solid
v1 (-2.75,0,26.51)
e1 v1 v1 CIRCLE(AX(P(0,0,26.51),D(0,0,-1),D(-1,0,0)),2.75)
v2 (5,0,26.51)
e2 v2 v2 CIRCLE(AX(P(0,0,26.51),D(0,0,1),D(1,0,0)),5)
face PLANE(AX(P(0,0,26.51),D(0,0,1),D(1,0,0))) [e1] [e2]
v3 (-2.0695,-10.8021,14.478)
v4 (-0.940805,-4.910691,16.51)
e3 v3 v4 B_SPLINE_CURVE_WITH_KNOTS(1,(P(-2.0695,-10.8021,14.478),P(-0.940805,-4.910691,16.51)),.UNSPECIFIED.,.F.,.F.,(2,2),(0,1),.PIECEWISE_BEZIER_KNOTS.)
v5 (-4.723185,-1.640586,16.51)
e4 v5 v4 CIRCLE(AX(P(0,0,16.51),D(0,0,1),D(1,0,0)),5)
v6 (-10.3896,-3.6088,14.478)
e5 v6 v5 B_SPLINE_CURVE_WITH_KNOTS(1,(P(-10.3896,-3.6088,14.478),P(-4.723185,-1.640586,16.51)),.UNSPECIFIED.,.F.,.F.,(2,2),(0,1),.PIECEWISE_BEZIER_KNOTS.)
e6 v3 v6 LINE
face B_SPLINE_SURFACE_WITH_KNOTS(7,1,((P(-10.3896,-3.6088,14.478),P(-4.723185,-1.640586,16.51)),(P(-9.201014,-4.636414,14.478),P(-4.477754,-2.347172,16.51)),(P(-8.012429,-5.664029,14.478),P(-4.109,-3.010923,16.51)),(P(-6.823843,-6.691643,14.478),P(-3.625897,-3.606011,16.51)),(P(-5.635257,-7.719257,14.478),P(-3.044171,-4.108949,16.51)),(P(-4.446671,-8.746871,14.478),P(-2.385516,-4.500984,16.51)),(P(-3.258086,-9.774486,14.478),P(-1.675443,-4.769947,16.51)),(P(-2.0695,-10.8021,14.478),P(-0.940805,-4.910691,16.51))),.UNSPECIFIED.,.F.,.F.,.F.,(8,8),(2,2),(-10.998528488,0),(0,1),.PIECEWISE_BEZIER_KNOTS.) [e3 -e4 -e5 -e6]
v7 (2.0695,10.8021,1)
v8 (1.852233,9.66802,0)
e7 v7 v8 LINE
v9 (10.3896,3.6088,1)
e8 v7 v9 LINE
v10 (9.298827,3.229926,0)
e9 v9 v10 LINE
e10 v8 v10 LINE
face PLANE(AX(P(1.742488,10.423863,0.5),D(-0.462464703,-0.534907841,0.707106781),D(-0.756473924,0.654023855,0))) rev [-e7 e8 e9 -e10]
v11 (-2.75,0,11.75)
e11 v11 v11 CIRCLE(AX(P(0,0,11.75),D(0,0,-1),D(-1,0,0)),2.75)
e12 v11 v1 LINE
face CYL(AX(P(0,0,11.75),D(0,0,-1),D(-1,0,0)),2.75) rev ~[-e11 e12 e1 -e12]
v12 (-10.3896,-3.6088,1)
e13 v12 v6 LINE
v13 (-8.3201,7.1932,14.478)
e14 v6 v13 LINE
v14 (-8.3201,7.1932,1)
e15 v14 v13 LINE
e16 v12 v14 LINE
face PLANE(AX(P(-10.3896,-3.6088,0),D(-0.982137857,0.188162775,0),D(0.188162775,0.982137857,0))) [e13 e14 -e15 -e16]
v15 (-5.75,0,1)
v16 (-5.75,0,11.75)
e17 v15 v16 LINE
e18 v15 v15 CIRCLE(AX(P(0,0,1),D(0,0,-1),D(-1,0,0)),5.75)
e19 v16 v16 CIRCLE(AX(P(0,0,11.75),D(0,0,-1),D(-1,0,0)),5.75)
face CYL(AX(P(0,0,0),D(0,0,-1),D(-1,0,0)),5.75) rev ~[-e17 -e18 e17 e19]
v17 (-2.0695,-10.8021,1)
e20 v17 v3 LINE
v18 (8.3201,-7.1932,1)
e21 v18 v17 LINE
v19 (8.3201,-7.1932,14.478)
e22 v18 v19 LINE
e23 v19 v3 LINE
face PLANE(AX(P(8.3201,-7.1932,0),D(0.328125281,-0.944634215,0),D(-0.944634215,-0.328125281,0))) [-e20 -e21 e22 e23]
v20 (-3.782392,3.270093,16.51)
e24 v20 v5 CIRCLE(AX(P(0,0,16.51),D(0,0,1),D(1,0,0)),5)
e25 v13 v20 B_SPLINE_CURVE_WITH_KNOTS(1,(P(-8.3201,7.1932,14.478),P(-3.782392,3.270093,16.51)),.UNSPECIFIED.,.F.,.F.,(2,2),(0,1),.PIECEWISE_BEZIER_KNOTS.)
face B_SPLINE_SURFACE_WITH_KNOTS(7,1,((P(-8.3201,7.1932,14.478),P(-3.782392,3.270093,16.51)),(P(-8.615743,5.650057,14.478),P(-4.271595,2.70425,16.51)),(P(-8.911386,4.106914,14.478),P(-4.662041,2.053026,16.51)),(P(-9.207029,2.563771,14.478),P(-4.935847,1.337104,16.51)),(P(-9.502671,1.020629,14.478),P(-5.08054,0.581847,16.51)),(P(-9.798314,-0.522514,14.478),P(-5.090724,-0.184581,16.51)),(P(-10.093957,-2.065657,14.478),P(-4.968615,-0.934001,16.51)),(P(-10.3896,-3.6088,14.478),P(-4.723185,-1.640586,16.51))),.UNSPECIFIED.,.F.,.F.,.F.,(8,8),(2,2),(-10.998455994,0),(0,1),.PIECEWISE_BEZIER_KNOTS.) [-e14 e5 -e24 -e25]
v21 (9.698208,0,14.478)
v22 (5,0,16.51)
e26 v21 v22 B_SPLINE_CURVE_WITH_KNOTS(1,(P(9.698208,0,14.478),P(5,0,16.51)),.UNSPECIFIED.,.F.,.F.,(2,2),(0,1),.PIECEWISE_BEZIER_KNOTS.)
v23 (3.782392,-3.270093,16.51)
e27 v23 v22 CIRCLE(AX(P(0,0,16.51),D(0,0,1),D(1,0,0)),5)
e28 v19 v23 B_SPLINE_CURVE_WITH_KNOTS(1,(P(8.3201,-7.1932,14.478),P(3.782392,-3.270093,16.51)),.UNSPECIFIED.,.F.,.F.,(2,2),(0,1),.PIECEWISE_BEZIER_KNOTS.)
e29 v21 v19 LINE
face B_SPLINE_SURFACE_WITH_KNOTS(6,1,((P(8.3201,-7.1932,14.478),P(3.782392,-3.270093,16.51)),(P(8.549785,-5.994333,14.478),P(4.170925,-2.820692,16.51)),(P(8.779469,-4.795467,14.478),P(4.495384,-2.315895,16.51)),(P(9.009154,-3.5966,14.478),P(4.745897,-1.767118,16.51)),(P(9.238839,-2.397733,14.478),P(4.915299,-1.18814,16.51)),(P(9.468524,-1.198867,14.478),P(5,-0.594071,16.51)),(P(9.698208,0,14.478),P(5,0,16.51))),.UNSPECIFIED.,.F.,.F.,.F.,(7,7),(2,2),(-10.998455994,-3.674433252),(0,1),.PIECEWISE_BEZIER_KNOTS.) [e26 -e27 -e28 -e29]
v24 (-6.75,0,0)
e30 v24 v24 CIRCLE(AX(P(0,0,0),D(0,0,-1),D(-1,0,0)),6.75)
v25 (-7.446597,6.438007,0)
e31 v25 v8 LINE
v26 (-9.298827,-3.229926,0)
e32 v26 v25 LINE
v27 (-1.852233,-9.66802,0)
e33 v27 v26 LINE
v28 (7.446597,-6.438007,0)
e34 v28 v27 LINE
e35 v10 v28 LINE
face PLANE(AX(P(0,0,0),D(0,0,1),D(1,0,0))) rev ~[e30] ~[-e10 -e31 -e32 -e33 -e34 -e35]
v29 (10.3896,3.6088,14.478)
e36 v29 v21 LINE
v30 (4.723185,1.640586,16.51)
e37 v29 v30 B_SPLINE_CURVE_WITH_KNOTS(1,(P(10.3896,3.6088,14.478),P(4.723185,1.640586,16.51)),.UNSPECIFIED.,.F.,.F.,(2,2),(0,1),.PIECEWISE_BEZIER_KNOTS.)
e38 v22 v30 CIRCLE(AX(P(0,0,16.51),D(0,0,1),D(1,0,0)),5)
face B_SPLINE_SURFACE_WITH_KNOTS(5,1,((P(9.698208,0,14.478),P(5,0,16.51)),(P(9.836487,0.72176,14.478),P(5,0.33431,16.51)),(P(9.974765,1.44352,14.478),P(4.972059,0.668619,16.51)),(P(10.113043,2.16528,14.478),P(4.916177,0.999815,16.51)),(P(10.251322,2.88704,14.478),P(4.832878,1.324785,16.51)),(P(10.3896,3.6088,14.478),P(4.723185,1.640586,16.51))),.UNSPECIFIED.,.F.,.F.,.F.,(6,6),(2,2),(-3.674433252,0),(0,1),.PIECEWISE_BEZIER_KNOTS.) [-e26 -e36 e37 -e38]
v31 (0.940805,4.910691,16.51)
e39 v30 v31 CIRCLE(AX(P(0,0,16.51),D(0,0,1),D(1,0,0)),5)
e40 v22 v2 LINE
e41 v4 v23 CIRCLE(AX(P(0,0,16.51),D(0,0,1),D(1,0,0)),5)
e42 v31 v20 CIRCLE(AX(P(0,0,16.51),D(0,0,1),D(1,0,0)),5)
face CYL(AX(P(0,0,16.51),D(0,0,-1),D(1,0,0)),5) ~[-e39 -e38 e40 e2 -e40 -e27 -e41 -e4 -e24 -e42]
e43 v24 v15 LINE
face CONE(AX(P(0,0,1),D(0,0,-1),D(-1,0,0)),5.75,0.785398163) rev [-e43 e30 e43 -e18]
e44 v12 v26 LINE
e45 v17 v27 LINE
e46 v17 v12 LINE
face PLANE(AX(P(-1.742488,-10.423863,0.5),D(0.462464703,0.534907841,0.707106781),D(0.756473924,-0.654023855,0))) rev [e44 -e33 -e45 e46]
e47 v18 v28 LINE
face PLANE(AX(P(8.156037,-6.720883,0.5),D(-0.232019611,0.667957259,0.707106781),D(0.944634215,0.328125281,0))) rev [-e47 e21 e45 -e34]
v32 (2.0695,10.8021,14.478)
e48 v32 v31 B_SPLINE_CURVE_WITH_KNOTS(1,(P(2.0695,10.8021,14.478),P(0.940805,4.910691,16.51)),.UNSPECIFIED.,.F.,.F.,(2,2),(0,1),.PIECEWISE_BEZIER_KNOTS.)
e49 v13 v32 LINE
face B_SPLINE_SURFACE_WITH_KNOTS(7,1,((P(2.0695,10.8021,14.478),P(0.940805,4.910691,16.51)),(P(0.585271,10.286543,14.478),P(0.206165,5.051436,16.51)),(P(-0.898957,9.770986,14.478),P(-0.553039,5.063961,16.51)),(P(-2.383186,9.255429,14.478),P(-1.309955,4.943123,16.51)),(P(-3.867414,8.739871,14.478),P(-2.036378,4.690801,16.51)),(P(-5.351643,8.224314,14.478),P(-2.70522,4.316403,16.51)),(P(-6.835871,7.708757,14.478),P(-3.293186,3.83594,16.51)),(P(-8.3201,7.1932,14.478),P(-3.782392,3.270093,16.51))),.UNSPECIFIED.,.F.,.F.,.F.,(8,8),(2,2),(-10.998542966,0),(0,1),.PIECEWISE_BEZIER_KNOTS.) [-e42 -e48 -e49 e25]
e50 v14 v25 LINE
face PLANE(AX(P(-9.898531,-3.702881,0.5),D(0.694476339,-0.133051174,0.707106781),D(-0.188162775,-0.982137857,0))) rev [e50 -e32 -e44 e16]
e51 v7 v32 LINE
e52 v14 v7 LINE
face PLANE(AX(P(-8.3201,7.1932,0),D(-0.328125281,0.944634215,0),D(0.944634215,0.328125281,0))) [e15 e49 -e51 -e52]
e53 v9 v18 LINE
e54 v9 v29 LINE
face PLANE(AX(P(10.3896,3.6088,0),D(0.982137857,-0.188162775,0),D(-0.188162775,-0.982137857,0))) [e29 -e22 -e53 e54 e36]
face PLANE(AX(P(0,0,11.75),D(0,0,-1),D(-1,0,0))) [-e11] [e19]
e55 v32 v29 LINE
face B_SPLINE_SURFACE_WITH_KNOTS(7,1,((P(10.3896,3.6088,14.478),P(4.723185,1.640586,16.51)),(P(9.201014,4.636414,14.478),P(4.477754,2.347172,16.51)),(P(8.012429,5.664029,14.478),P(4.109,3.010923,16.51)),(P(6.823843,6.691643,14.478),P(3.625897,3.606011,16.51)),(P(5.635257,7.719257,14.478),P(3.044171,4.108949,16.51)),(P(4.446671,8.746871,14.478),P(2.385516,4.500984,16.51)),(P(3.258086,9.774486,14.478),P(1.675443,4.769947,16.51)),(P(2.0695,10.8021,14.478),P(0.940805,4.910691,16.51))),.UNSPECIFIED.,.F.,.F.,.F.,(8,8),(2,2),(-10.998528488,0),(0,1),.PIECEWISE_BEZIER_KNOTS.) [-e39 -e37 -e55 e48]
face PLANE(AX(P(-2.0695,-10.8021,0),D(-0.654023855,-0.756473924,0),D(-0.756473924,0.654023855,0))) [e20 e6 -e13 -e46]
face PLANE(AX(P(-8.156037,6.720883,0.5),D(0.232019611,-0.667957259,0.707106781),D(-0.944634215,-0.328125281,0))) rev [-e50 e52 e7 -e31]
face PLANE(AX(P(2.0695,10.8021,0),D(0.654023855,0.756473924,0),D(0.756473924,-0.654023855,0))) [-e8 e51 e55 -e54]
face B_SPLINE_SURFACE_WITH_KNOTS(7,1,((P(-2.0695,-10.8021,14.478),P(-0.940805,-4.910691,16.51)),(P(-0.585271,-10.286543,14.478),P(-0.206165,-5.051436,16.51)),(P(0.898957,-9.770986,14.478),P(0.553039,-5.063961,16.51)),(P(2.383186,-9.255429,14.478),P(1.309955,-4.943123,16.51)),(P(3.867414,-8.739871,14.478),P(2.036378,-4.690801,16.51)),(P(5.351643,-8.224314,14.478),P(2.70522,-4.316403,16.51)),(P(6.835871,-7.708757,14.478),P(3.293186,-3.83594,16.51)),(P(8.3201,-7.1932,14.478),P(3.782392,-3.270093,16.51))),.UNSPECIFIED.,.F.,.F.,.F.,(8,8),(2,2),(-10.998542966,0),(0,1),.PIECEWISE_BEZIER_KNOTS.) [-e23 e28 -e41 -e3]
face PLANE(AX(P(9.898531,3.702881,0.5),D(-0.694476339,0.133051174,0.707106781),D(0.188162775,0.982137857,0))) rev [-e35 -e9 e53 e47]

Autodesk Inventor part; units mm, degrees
ref_plane "YZ Plane" through (0, 0, 0) normal (1, 0, 0) x (0, 1, 0)
ref_plane "XZ Plane" through (0, 0, 0) normal (0, 1, 0) x (-1, 0, 0)
sketch "Sketch1" plane through (0, 0, 0) normal (0, 0, 1) x (1, 0, 0)
  line L0 (2.0695, 10.8021) -> (10.3896, 3.6088)
  line L1 (10.3896, 3.6088) -> (8.3201, -7.1932)
  line L2 (8.3201, -7.1932) -> (-2.0695, -10.8021)
  line L3 (-2.0695, -10.8021) -> (-10.3896, -3.6088)
  line L4 (-10.3896, -3.6088) -> (-8.3201, 7.1932)
  line L5 (-8.3201, 7.1932) -> (2.0695, 10.8021)
  point P0 (0, 0)
  point P1 (0, 0)
  dimension "d0" = 19.05
extrude "Extrusion1" add sketch "Sketch1" along normal blind 14.478
ref_plane "Work Plane1" through (0, 0, 16.51) normal (0, 0, 1) x (1, 0, 0)
sketch "Sketch2" plane through (0, 0, 16.51) normal (0, 0, 1) x (1, 0, 0)
  circle A0 centre (0, 0) radius 5
  dimension "d4" = 10
sketch "Sketch3" plane through (0, 0, 14.478) normal (0, 0, 1) x (1, 0, 0)
  line L0 (10.3896, 3.6088) -> (8.3201, -7.1932) projected
  line L1 (2.0695, 10.8021) -> (10.3896, 3.6088) projected
  line L2 (-8.3201, 7.1932) -> (2.0695, 10.8021) projected
  line L3 (-10.3896, -3.6088) -> (-8.3201, 7.1932) projected
  line L4 (-2.0695, -10.8021) -> (-10.3896, -3.6088) projected
  line L5 (8.3201, -7.1932) -> (-2.0695, -10.8021) projected
loft "Loft1" add profiles "Sketch3", "Sketch2"
extrude "Extrusion2" add sketch "Sketch2" along normal blind 10
sketch "Sketch4" plane through (0, 0, 0) normal (0, 0, -1) x (-1, 0, 0)
  circle A0 centre (0, 0) radius 5.75
  dimension "d11" = 11.5
extrude "Extrusion3" cut sketch "Sketch4" against normal blind 11.75
sketch "Sketch5" plane through (0, 0, 11.75) normal (0, 0, -1) x (-1, 0, 0)
  circle A0 centre (0, 0) radius 2.75
  dimension "d14" = 5.5
extrude "Extrusion4" cut sketch "Sketch5" against normal blind 19
thread "Thread1" size "M10x1.5" class "6g" standard "ANSI Metric M Profile" full length
thread "Thread2" size "M12x1.75" class "6H" standard "ANSI Metric M Profile" full length
chamfer "Chamfer1" distance 1 angle 45 7 edges at (9.3549, -1.7922, 0) (6.2295, 7.2055, 0) (-3.1253, 8.9977, 0) (-9.3549, 1.7922, 0) (-6.2295, -7.2055, 0) (3.1253, -8.9977, 0) (5.75, 0, 0)
properties part number "222P-4-2"
